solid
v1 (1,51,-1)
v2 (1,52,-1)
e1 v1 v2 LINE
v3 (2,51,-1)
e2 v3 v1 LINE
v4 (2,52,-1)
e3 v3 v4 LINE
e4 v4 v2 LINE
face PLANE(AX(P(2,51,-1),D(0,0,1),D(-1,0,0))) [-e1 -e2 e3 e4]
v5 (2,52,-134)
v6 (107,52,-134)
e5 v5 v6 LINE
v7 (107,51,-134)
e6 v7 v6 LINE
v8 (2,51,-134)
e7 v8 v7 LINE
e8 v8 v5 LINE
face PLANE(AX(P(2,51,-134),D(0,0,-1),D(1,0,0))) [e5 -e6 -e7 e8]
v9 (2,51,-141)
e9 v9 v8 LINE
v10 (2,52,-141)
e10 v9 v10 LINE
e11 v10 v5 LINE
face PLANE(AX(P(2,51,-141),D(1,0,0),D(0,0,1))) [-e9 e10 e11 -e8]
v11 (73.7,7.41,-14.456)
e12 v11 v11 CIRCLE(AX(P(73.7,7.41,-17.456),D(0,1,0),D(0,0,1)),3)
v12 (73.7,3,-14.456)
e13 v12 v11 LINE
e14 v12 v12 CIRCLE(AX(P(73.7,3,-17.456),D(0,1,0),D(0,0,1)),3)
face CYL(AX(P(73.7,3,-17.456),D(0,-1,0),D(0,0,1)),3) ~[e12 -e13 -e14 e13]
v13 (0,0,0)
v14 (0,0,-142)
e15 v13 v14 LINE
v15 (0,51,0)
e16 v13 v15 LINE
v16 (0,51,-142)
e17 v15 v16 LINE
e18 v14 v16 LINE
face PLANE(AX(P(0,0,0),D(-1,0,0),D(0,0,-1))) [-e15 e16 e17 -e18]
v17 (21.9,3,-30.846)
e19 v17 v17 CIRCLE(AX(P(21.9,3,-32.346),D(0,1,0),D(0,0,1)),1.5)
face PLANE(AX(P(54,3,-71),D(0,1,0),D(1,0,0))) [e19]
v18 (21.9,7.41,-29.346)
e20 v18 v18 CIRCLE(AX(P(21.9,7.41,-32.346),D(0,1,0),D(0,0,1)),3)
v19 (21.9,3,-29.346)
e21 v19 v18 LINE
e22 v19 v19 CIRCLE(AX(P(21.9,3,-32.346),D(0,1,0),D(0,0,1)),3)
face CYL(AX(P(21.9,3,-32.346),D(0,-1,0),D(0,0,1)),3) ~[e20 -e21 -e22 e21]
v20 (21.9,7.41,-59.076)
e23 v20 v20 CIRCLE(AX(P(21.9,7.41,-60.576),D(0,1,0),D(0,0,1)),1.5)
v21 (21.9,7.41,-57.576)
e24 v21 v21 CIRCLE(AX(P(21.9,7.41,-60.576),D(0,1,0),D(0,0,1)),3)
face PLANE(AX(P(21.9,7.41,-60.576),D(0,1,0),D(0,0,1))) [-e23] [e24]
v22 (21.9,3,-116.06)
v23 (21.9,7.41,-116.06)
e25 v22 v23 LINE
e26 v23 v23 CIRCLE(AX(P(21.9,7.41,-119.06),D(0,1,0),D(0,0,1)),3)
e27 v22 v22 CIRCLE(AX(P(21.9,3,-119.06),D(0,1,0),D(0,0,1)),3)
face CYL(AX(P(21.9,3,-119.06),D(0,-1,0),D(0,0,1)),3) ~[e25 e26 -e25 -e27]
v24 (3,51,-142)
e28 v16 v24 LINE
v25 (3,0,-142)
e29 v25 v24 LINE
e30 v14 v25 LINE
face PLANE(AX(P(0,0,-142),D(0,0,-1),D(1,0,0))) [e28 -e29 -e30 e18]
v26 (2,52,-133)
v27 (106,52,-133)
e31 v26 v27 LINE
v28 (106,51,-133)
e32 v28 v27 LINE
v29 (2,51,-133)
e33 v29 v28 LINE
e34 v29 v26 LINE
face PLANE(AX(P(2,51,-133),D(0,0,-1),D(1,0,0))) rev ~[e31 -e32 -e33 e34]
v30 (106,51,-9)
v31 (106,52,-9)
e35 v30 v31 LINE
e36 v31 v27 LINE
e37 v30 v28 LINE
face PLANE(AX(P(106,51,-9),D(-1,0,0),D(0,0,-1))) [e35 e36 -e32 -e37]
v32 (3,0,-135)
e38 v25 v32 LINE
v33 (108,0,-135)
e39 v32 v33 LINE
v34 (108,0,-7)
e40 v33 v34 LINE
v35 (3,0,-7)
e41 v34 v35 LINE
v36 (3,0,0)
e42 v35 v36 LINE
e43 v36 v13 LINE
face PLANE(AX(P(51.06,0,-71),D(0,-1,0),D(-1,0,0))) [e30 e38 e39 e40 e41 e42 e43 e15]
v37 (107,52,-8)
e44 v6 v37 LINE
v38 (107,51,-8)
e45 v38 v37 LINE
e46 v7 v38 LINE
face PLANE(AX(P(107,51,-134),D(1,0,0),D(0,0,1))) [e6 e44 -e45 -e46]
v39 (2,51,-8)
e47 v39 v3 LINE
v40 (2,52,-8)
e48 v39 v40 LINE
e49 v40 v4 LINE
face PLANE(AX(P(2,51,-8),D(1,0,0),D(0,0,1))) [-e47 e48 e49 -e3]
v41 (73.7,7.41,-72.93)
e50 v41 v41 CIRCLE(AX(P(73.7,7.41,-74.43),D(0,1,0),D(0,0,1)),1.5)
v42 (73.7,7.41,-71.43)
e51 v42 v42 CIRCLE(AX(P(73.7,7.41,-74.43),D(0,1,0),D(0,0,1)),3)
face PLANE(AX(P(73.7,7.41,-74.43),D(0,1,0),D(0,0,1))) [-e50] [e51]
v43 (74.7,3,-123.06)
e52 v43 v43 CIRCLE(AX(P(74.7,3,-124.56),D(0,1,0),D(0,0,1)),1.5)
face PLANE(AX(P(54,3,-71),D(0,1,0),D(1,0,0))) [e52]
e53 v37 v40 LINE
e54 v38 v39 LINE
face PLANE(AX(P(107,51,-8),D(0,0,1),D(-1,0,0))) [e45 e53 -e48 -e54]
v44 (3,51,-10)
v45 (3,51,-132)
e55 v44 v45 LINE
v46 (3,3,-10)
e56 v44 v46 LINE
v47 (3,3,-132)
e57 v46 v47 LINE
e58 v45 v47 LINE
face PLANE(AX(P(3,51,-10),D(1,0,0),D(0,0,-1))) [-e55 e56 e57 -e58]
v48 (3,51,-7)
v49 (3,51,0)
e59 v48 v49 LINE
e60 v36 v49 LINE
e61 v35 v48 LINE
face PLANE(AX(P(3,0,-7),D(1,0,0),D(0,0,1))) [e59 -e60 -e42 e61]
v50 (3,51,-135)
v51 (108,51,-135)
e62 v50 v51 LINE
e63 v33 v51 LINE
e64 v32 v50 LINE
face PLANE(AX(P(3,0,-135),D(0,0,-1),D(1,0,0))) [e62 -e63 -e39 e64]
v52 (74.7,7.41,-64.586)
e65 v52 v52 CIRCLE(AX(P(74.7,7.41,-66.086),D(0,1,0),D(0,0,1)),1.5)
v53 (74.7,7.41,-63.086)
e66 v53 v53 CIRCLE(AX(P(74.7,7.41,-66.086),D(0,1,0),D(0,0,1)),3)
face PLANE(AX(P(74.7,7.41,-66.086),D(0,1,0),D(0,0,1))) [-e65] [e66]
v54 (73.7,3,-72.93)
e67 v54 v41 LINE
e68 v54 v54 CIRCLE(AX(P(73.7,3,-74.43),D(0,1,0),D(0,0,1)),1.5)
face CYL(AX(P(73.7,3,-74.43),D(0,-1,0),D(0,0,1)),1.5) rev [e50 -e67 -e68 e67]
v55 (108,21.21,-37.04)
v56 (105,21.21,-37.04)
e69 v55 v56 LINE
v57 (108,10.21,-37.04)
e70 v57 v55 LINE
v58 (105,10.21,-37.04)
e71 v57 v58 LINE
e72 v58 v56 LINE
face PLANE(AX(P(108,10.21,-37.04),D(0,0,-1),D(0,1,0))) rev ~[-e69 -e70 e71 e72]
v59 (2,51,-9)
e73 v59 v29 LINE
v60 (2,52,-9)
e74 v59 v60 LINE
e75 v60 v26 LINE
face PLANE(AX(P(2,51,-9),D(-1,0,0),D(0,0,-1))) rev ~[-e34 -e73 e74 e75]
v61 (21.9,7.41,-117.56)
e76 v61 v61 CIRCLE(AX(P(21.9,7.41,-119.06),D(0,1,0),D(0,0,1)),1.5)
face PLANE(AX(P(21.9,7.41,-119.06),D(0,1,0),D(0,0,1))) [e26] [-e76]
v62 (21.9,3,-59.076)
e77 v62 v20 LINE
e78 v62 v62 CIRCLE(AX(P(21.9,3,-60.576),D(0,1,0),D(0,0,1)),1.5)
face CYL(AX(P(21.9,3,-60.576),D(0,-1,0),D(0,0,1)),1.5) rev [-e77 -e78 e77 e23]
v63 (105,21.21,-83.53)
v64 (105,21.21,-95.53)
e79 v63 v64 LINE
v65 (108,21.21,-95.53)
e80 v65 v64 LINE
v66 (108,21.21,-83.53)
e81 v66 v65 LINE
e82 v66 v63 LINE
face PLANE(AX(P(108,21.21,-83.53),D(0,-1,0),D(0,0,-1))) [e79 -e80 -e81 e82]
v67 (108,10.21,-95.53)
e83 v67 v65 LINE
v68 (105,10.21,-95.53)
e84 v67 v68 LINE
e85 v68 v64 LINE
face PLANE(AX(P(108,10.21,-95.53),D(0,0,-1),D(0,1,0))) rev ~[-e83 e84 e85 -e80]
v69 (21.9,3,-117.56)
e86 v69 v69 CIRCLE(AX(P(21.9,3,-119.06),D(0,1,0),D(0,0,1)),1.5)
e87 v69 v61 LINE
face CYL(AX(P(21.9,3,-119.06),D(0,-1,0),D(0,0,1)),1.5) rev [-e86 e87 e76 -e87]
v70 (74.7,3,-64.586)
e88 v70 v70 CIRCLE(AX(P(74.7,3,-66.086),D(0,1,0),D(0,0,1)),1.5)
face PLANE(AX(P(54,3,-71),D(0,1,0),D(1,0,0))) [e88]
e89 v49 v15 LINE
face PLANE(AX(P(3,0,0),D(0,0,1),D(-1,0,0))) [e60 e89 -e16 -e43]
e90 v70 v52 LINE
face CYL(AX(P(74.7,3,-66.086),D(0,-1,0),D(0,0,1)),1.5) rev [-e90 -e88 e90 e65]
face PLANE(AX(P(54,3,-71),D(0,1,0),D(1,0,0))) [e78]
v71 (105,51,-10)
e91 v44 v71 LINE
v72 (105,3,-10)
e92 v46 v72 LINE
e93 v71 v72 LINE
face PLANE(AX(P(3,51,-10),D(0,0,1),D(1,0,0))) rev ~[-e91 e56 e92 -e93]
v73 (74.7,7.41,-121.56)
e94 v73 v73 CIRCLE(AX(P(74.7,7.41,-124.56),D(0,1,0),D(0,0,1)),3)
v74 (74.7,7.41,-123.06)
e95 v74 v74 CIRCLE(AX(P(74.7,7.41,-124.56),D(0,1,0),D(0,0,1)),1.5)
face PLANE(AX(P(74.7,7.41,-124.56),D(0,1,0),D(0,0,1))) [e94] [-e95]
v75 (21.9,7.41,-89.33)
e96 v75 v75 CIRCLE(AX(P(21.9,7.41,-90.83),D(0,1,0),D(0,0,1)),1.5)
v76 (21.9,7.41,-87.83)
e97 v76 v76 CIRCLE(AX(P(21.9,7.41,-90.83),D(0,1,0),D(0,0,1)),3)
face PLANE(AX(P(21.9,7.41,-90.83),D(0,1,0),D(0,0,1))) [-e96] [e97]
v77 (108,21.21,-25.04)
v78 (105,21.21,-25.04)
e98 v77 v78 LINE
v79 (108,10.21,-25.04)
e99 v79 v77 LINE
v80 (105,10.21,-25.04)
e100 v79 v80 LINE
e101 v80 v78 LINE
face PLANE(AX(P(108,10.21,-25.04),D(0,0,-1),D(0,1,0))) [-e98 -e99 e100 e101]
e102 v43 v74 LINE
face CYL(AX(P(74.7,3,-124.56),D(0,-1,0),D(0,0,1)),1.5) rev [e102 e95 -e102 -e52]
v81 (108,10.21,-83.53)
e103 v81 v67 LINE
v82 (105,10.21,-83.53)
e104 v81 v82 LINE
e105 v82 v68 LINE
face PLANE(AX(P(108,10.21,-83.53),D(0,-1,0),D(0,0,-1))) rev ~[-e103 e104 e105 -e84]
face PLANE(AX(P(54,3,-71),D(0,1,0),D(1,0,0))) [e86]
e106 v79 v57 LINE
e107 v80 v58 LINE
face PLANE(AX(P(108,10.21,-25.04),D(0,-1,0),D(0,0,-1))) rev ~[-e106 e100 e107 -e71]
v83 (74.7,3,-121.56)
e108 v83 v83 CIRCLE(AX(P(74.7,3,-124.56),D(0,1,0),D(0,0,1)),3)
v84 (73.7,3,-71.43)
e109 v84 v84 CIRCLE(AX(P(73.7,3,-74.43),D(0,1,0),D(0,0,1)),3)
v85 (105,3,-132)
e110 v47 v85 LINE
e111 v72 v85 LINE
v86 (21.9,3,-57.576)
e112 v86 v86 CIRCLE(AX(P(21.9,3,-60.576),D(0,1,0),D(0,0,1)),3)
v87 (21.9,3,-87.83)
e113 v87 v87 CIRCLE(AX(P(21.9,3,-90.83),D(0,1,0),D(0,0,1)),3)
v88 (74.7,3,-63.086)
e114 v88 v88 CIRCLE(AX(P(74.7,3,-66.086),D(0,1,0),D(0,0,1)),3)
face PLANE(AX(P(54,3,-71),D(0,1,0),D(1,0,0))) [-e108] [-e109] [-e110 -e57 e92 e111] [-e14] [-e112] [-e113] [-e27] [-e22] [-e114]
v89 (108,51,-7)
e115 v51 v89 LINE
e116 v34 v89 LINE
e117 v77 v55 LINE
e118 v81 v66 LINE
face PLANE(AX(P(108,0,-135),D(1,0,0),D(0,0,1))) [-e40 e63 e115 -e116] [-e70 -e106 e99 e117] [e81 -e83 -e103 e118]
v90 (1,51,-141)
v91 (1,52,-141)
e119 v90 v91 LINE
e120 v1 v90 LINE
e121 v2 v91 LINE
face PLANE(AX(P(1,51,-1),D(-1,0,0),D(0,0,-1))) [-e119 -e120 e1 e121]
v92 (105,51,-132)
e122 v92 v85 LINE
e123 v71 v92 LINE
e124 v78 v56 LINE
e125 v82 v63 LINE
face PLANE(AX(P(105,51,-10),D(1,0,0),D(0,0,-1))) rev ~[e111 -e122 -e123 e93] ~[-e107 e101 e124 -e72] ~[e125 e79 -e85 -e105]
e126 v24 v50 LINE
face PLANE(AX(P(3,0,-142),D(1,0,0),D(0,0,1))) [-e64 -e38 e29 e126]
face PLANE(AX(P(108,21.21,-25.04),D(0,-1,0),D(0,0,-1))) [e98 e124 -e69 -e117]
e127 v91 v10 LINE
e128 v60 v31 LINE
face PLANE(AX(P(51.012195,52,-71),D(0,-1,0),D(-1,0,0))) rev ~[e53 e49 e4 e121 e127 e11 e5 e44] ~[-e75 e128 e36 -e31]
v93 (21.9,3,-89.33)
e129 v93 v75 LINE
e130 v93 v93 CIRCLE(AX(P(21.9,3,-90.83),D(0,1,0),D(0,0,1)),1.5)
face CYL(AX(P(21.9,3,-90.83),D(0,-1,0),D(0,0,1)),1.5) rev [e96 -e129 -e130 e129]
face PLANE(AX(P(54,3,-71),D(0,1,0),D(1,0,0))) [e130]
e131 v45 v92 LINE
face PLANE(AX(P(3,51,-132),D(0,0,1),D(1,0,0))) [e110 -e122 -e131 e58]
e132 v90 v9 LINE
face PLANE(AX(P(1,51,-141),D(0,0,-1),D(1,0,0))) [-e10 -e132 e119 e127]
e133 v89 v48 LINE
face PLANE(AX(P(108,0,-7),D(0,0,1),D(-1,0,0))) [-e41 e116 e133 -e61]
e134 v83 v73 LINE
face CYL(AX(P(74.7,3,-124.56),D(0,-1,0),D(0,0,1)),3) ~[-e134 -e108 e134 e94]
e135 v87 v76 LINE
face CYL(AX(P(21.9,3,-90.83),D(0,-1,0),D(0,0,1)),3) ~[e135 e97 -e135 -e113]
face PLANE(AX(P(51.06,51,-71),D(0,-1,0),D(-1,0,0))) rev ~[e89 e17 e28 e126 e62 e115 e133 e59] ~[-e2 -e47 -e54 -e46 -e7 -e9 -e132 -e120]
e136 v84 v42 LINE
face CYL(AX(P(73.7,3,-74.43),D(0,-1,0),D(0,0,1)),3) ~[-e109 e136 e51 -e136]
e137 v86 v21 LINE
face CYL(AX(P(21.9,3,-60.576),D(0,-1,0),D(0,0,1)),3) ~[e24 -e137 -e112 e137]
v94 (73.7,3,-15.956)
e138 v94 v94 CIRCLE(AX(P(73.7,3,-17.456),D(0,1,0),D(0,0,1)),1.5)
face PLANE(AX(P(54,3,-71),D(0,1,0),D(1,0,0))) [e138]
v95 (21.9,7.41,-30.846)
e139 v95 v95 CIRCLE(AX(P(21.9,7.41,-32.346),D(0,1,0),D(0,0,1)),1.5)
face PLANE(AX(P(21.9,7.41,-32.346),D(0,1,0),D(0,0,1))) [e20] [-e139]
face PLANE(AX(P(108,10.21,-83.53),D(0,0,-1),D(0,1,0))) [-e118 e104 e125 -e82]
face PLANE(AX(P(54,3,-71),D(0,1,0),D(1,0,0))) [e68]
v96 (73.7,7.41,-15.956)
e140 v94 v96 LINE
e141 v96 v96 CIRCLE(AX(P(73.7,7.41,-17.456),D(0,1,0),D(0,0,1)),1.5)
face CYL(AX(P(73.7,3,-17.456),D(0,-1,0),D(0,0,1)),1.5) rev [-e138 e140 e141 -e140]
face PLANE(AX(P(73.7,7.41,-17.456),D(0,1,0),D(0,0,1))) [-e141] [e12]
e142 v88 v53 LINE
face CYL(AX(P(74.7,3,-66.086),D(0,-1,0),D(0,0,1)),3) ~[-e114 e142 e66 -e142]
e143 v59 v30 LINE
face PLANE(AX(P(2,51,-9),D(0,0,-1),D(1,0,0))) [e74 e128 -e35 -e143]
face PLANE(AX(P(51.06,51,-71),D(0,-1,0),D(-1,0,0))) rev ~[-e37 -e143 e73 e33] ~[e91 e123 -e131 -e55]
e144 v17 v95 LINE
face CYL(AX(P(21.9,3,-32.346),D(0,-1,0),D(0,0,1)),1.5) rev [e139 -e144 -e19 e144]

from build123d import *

# Parameters (mm, degrees)
BOSS_EXTRU_1_DEPTH      = 51
ESQUISSE2_W             = 102
ESQUISSE2_H             = 122
ENL_V_MAT_EXTRU_1_DEPTH = 48
ESQUISSE4_W             = 104
ESQUISSE4_H             = 124
BOSS_EXTRU_4_DEPTH      = 1
ESQUISSE5_R             = 3
ESQUISSE5_R_2           = 1.5
BOSS_EXTRU_5_DEPTH      = 4.41
ESQUISSE7_W             = 12
ESQUISSE7_H             = 11
ENL_V_MAT_EXTRU_2_DEPTH = 3


with BuildPart() as part:
    # Esquisse1 → Boss.-Extru.1 (new body)
    with BuildSketch(Plane(origin=(0, 0, 0), x_dir=(1, 0, 0), z_dir=(0, 1, 0))):
        Polygon((0, 0), (0, 142), (3, 142), (3, 135), (108, 135), (108, 7), (3, 7), (3, 0), align=None)
    extrude(amount=BOSS_EXTRU_1_DEPTH)

    # Esquisse2 → Enlèv. mat.-Extru.1 (cut)
    with BuildSketch(Plane(origin=(0, 51, 0), x_dir=(1, 0, 0), z_dir=(0, 1, 0))):
        with Locations((54, 71)):
            Rectangle(ESQUISSE2_W, ESQUISSE2_H)
    extrude(amount=-ENL_V_MAT_EXTRU_1_DEPTH, mode=Mode.SUBTRACT)

    # Esquisse4 → Boss.-Extru.4 (add)
    with BuildSketch(Plane(origin=(0, 51, 0), x_dir=(1, 0, 0), z_dir=(0, 1, 0))):
        Polygon((1, 1), (1, 141), (2, 141), (2, 134), (107, 134), (107, 8), (2, 8), (2, 1), align=None)
        with Locations((54, 71)):
            Rectangle(ESQUISSE4_W, ESQUISSE4_H, mode=Mode.SUBTRACT)
    extrude(amount=BOSS_EXTRU_4_DEPTH)

    # Esquisse5 → Boss.-Extru.5 (add)
    # profile 1 of 8: a face of its own
    with BuildSketch(Plane(origin=(0, 3, 0), x_dir=(1, 0, 0), z_dir=(0, 1, 0))):
        with Locations(Location((74.7, 124.56, 0), (0, 0, 270))):
            Circle(ESQUISSE5_R)
        with Locations(Location((74.7, 124.56, 0), (0, 0, 270))):
            Circle(ESQUISSE5_R_2, mode=Mode.SUBTRACT)
    # profile 2 of 8: a face of its own
    with BuildSketch(Plane(origin=(0, 3, 0), x_dir=(1, 0, 0), z_dir=(0, 1, 0))):
        with Locations(Location((73.7, 74.43, 0), (0, 0, 270))):
            Circle(ESQUISSE5_R)
        with Locations(Location((73.7, 74.43, 0), (0, 0, 270))):
            Circle(ESQUISSE5_R_2, mode=Mode.SUBTRACT)
    # profile 3 of 8: a face of its own
    with BuildSketch(Plane(origin=(0, 3, 0), x_dir=(1, 0, 0), z_dir=(0, 1, 0))):
        with Locations(Location((21.9, 32.346, 0), (0, 0, 270))):
            Circle(ESQUISSE5_R)
        with Locations(Location((21.9, 32.346, 0), (0, 0, 270))):
            Circle(ESQUISSE5_R_2, mode=Mode.SUBTRACT)
    # profile 4 of 8: a face of its own
    with BuildSketch(Plane(origin=(0, 3, 0), x_dir=(1, 0, 0), z_dir=(0, 1, 0))):
        with Locations(Location((73.7, 17.456, 0), (0, 0, 270))):
            Circle(ESQUISSE5_R)
        with Locations(Location((73.7, 17.456, 0), (0, 0, 270))):
            Circle(ESQUISSE5_R_2, mode=Mode.SUBTRACT)
    # profile 5 of 8: a face of its own
    with BuildSketch(Plane(origin=(0, 3, 0), x_dir=(1, 0, 0), z_dir=(0, 1, 0))):
        with Locations(Location((21.9, 60.576, 0), (0, 0, 270))):
            Circle(ESQUISSE5_R)
        with Locations(Location((21.9, 60.576, 0), (0, 0, 270))):
            Circle(ESQUISSE5_R_2, mode=Mode.SUBTRACT)
    # profile 6 of 8: a face of its own
    with BuildSketch(Plane(origin=(0, 3, 0), x_dir=(1, 0, 0), z_dir=(0, 1, 0))):
        with Locations(Location((21.9, 119.06, 0), (0, 0, 270))):
            Circle(ESQUISSE5_R)
        with Locations(Location((21.9, 119.06, 0), (0, 0, 270))):
            Circle(ESQUISSE5_R_2, mode=Mode.SUBTRACT)
    # profile 7 of 8: a face of its own
    with BuildSketch(Plane(origin=(0, 3, 0), x_dir=(1, 0, 0), z_dir=(0, 1, 0))):
        with Locations(Location((74.7, 66.086, 0), (0, 0, 270))):
            Circle(ESQUISSE5_R)
        with Locations(Location((74.7, 66.086, 0), (0, 0, 270))):
            Circle(ESQUISSE5_R_2, mode=Mode.SUBTRACT)
    # profile 8 of 8: a face of its own
    with BuildSketch(Plane(origin=(0, 3, 0), x_dir=(1, 0, 0), z_dir=(0, 1, 0))):
        with Locations(Location((21.9, 90.83, 0), (0, 0, 270))):
            Circle(ESQUISSE5_R)
        with Locations(Location((21.9, 90.83, 0), (0, 0, 270))):
            Circle(ESQUISSE5_R_2, mode=Mode.SUBTRACT)
    extrude(amount=BOSS_EXTRU_5_DEPTH)

    # Esquisse7 → Enlèv. mat.-Extru.2 (cut)
    with BuildSketch(Plane(origin=(108, 0, 0), x_dir=(0, 0, -1), z_dir=(1, 0, 0))):
        with Locations((31.04, 15.71)):
            Rectangle(ESQUISSE7_W, ESQUISSE7_H)
        with Locations((89.53, 15.71)):
            Rectangle(ESQUISSE7_W, ESQUISSE7_H)
    extrude(amount=-ENL_V_MAT_EXTRU_2_DEPTH, mode=Mode.SUBTRACT)


solid = part.part
